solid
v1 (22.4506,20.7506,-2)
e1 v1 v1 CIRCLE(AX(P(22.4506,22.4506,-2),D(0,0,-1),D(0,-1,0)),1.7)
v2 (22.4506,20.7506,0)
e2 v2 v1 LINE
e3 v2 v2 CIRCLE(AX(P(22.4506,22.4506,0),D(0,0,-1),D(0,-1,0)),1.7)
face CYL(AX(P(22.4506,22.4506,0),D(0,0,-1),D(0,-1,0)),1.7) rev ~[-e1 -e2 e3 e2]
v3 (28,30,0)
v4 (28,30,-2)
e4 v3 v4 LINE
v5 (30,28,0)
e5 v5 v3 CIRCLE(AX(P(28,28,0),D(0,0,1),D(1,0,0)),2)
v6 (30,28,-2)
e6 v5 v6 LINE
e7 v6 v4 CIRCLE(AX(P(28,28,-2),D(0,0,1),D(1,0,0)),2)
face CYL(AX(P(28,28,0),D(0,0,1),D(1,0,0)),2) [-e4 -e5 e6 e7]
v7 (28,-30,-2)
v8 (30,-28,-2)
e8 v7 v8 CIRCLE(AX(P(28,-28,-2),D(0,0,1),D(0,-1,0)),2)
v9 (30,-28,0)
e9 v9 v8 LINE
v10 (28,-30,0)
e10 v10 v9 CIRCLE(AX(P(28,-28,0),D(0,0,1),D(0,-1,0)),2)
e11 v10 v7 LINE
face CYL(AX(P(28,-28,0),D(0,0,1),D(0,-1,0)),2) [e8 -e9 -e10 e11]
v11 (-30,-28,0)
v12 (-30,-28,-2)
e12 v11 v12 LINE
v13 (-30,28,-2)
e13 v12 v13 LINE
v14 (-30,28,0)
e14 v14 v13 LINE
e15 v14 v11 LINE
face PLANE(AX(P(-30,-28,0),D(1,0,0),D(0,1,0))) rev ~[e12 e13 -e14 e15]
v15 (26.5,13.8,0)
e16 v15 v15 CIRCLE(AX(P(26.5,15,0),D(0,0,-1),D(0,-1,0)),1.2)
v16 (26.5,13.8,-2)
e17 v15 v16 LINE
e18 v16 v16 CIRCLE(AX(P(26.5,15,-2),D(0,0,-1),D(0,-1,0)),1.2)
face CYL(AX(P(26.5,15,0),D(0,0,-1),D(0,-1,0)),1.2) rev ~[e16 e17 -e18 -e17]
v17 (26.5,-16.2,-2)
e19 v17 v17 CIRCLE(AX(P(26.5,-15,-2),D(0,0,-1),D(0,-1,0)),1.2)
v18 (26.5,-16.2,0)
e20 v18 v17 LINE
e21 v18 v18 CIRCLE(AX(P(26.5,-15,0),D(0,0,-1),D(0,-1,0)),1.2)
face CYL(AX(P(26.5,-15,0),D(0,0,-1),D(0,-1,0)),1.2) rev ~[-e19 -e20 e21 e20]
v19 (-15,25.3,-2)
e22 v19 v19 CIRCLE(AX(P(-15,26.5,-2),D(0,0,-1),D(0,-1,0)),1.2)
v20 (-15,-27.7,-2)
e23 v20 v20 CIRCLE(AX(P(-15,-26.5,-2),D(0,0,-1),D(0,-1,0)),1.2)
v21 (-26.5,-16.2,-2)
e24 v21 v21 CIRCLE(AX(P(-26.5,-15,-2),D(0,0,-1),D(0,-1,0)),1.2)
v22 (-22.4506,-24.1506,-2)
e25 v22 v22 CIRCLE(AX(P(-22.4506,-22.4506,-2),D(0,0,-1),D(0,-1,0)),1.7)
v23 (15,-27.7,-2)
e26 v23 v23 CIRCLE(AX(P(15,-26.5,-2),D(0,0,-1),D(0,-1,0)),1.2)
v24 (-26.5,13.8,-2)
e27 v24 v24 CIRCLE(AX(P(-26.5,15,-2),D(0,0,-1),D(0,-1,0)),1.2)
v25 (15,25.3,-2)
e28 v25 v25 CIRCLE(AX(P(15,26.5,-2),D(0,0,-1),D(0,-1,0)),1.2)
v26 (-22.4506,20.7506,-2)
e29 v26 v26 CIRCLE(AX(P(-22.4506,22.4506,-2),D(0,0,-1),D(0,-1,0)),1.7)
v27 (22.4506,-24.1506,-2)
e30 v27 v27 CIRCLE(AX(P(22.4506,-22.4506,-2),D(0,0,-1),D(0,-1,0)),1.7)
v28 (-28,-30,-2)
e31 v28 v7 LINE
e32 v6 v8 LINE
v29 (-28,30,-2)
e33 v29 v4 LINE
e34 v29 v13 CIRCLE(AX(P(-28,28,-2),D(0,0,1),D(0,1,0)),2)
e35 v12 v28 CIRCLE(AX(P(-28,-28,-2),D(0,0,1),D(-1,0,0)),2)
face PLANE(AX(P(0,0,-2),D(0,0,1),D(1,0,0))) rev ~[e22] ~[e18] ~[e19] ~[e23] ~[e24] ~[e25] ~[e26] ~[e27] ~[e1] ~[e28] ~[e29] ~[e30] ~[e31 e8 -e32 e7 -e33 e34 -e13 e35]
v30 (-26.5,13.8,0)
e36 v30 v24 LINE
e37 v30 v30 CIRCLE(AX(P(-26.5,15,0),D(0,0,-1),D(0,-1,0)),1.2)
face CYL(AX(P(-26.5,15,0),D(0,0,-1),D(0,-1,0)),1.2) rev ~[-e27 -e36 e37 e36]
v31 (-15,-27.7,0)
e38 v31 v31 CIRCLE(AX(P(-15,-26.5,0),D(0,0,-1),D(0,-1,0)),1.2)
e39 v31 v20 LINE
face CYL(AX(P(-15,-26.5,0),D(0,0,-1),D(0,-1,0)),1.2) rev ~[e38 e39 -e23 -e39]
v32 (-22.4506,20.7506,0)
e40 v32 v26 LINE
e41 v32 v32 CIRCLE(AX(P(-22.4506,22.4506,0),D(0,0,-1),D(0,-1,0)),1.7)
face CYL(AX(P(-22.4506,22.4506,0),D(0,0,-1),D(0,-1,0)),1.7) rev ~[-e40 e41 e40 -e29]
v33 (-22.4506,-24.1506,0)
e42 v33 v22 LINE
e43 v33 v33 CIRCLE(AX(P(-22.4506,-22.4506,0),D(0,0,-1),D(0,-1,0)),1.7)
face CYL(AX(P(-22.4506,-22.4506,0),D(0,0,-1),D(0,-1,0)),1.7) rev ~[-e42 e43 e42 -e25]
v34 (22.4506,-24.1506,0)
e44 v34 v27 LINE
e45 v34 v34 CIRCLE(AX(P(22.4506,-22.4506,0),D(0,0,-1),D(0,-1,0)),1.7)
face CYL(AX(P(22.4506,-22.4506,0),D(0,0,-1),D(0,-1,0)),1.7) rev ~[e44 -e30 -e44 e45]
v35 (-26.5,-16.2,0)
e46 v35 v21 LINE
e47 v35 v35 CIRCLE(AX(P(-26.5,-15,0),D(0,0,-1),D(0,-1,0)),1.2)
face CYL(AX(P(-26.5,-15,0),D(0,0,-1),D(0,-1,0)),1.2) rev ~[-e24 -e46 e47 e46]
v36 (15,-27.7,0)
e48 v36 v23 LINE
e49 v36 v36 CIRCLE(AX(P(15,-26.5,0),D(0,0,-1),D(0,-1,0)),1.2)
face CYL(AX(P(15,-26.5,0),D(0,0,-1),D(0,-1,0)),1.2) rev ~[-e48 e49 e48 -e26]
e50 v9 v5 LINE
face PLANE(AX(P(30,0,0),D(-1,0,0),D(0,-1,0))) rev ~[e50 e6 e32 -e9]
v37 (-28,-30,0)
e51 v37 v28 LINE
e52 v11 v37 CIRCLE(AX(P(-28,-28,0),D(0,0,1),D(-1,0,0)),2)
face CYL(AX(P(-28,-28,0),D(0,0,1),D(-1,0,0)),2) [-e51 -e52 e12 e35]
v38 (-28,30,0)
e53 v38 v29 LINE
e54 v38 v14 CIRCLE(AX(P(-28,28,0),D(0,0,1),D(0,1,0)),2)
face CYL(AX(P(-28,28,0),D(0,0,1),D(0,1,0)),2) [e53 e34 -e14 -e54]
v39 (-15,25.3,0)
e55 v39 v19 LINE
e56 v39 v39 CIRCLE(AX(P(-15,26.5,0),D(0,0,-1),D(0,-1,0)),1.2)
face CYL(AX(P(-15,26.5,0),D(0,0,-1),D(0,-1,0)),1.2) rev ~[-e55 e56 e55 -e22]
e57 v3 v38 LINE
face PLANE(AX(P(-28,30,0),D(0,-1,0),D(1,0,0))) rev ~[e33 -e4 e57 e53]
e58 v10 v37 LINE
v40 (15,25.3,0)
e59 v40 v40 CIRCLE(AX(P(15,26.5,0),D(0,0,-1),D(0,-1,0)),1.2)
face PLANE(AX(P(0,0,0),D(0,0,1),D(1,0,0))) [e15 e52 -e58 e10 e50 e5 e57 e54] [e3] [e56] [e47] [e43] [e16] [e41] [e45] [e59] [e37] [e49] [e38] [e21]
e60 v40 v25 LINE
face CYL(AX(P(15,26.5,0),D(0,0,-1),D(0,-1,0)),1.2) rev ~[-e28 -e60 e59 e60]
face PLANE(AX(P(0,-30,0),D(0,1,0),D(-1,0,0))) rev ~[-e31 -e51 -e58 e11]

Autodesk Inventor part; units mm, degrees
ref_plane "YZ Plane" through (0, 0, 0) normal (1, 0, 0) x (0, 1, 0)
ref_plane "XZ Plane" through (0, 0, 0) normal (0, 1, 0) x (-1, 0, 0)
ref_plane "XY Plane" through (0, 0, 0) normal (0, 0, 1) x (1, 0, 0)
sketch "Sketch1" plane through (0, 0, 0) normal (0, 0, 1) x (1, 0, 0)
  line L0 (0, -42.5799) -> (0, 42.5799) projected
  line L1 (-42.5799, 0) -> (42.5799, 0) projected
  line L2 (-28, 30) -> (28, 30)
  line L3 (30, 28) -> (30, -28)
  line L4 (28, -30) -> (-28, -30)
  line L5 (-30, -28) -> (-30, 28)
  arc A0 (-28, 30) -> (-30, 28) centre (-28, 28) ccw
  arc A1 (30, 28) -> (28, 30) centre (28, 28) ccw
  arc A2 (28, -30) -> (30, -28) centre (28, -28) ccw
  arc A3 (-30, -28) -> (-28, -30) centre (-28, -28) ccw
  point P0 (0, 0)
  point P1 (-30, 30)
  point P2 (30, 30)
  point P3 (-22.4506, 22.4506)
  point P4 (-26.5, 15)
  point P5 (-15, 26.5)
  point P6 (-15, -26.5)
  point P7 (-22.4506, -22.4506)
  point P8 (-26.5, -15)
  point P9 (26.5, -15)
  point P10 (22.4506, -22.4506)
  point P11 (15, -26.5)
  point P12 (15, 26.5)
  point P13 (22.4506, 22.4506)
  point P14 (26.5, 15)
  dimension "d0" = 60
  dimension "d1" = 2
  dimension "d2" = 22.4506
  dimension "d3" = 22.4506
  dimension "d4" = 15
  dimension "d5" = 15
  dimension "d6" = 3.5
  dimension "d7" = 3.5
  dimension "d10" = 360
extrude "Extrusion1" add sketch "Sketch1" against normal blind 2
hole "Hole1" at (-22.4506, 22.4506, 0) at (22.4506, 22.4506, 0) at (22.4506, -22.4506, 0) at (-22.4506, -22.4506, 0) direction (0, 0, -1) diameter 3.4 end through all clearance for "Countersunk Flat Head Screw DIN EN ISO 2009" size "M3" standard "DIN"
hole "Hole2" at (-26.5, 15, 0) at (-15, 26.5, 0) at (-15, -26.5, 0) at (-26.5, -15, 0) at (26.5, -15, 0) at (15, -26.5, 0) at (15, 26.5, 0) at (26.5, 15, 0) direction (0, 0, -1) diameter 2.4 end through all clearance for "Countersunk Flat Head Screw DIN EN ISO 2009" size "M2" standard "DIN"
equation "\"d0\" = backplate_width"
equation "\"d2\" = hole_distance"
equation "\"d3\" = hole_distance"
equation "\"d4\" = screw_distance_center"
equation "\"d5\" = screw_distance_center"
equation "\"d6\" = screw_distance_outside"
equation "\"d7\" = screw_distance_outside"
equation "\"d12\" = front_plate_thickness"
equation "\"encoder_axis\" = 8"
equation "\"encoder_emboss\" = 0"
equation "\"encoders\" = 0"
equation "\"encoder_width\" = 27"
equation "\"front_plate_thickness\" = 2"
equation "\"glass_thickness\" = 2"
equation "\"screw_distance_outside\" = 3.5"
equation "\"encoder_rad\" = 49"
equation "\"encoder_extrude_hight\" = 3"
equation "\"screw_distance_center\" = 15"
equation "\"ring_top_thickness\" = 2"
equation "\"ring_outer_bevel_depth\" = 0.5"
equation "\"ring_depth\" = 6"
equation "\"ring_outer_bevel_height\" = 3"
equation "\"ring_inner_bevel_depth\" = 3.5"
equation "\"ring_thickness\" = 9"
equation "\"hole_from_center\" = 63.5"
equation "\"circle_dimension_inner\" = 47"
equation "\"circle_dimension\" = 56"
equation "\"backplate_width\" = 60"
equation "\"hole_distance\" = 22.45064"
properties part number "FrontGlass" material "Polycarbonate, Clear"
